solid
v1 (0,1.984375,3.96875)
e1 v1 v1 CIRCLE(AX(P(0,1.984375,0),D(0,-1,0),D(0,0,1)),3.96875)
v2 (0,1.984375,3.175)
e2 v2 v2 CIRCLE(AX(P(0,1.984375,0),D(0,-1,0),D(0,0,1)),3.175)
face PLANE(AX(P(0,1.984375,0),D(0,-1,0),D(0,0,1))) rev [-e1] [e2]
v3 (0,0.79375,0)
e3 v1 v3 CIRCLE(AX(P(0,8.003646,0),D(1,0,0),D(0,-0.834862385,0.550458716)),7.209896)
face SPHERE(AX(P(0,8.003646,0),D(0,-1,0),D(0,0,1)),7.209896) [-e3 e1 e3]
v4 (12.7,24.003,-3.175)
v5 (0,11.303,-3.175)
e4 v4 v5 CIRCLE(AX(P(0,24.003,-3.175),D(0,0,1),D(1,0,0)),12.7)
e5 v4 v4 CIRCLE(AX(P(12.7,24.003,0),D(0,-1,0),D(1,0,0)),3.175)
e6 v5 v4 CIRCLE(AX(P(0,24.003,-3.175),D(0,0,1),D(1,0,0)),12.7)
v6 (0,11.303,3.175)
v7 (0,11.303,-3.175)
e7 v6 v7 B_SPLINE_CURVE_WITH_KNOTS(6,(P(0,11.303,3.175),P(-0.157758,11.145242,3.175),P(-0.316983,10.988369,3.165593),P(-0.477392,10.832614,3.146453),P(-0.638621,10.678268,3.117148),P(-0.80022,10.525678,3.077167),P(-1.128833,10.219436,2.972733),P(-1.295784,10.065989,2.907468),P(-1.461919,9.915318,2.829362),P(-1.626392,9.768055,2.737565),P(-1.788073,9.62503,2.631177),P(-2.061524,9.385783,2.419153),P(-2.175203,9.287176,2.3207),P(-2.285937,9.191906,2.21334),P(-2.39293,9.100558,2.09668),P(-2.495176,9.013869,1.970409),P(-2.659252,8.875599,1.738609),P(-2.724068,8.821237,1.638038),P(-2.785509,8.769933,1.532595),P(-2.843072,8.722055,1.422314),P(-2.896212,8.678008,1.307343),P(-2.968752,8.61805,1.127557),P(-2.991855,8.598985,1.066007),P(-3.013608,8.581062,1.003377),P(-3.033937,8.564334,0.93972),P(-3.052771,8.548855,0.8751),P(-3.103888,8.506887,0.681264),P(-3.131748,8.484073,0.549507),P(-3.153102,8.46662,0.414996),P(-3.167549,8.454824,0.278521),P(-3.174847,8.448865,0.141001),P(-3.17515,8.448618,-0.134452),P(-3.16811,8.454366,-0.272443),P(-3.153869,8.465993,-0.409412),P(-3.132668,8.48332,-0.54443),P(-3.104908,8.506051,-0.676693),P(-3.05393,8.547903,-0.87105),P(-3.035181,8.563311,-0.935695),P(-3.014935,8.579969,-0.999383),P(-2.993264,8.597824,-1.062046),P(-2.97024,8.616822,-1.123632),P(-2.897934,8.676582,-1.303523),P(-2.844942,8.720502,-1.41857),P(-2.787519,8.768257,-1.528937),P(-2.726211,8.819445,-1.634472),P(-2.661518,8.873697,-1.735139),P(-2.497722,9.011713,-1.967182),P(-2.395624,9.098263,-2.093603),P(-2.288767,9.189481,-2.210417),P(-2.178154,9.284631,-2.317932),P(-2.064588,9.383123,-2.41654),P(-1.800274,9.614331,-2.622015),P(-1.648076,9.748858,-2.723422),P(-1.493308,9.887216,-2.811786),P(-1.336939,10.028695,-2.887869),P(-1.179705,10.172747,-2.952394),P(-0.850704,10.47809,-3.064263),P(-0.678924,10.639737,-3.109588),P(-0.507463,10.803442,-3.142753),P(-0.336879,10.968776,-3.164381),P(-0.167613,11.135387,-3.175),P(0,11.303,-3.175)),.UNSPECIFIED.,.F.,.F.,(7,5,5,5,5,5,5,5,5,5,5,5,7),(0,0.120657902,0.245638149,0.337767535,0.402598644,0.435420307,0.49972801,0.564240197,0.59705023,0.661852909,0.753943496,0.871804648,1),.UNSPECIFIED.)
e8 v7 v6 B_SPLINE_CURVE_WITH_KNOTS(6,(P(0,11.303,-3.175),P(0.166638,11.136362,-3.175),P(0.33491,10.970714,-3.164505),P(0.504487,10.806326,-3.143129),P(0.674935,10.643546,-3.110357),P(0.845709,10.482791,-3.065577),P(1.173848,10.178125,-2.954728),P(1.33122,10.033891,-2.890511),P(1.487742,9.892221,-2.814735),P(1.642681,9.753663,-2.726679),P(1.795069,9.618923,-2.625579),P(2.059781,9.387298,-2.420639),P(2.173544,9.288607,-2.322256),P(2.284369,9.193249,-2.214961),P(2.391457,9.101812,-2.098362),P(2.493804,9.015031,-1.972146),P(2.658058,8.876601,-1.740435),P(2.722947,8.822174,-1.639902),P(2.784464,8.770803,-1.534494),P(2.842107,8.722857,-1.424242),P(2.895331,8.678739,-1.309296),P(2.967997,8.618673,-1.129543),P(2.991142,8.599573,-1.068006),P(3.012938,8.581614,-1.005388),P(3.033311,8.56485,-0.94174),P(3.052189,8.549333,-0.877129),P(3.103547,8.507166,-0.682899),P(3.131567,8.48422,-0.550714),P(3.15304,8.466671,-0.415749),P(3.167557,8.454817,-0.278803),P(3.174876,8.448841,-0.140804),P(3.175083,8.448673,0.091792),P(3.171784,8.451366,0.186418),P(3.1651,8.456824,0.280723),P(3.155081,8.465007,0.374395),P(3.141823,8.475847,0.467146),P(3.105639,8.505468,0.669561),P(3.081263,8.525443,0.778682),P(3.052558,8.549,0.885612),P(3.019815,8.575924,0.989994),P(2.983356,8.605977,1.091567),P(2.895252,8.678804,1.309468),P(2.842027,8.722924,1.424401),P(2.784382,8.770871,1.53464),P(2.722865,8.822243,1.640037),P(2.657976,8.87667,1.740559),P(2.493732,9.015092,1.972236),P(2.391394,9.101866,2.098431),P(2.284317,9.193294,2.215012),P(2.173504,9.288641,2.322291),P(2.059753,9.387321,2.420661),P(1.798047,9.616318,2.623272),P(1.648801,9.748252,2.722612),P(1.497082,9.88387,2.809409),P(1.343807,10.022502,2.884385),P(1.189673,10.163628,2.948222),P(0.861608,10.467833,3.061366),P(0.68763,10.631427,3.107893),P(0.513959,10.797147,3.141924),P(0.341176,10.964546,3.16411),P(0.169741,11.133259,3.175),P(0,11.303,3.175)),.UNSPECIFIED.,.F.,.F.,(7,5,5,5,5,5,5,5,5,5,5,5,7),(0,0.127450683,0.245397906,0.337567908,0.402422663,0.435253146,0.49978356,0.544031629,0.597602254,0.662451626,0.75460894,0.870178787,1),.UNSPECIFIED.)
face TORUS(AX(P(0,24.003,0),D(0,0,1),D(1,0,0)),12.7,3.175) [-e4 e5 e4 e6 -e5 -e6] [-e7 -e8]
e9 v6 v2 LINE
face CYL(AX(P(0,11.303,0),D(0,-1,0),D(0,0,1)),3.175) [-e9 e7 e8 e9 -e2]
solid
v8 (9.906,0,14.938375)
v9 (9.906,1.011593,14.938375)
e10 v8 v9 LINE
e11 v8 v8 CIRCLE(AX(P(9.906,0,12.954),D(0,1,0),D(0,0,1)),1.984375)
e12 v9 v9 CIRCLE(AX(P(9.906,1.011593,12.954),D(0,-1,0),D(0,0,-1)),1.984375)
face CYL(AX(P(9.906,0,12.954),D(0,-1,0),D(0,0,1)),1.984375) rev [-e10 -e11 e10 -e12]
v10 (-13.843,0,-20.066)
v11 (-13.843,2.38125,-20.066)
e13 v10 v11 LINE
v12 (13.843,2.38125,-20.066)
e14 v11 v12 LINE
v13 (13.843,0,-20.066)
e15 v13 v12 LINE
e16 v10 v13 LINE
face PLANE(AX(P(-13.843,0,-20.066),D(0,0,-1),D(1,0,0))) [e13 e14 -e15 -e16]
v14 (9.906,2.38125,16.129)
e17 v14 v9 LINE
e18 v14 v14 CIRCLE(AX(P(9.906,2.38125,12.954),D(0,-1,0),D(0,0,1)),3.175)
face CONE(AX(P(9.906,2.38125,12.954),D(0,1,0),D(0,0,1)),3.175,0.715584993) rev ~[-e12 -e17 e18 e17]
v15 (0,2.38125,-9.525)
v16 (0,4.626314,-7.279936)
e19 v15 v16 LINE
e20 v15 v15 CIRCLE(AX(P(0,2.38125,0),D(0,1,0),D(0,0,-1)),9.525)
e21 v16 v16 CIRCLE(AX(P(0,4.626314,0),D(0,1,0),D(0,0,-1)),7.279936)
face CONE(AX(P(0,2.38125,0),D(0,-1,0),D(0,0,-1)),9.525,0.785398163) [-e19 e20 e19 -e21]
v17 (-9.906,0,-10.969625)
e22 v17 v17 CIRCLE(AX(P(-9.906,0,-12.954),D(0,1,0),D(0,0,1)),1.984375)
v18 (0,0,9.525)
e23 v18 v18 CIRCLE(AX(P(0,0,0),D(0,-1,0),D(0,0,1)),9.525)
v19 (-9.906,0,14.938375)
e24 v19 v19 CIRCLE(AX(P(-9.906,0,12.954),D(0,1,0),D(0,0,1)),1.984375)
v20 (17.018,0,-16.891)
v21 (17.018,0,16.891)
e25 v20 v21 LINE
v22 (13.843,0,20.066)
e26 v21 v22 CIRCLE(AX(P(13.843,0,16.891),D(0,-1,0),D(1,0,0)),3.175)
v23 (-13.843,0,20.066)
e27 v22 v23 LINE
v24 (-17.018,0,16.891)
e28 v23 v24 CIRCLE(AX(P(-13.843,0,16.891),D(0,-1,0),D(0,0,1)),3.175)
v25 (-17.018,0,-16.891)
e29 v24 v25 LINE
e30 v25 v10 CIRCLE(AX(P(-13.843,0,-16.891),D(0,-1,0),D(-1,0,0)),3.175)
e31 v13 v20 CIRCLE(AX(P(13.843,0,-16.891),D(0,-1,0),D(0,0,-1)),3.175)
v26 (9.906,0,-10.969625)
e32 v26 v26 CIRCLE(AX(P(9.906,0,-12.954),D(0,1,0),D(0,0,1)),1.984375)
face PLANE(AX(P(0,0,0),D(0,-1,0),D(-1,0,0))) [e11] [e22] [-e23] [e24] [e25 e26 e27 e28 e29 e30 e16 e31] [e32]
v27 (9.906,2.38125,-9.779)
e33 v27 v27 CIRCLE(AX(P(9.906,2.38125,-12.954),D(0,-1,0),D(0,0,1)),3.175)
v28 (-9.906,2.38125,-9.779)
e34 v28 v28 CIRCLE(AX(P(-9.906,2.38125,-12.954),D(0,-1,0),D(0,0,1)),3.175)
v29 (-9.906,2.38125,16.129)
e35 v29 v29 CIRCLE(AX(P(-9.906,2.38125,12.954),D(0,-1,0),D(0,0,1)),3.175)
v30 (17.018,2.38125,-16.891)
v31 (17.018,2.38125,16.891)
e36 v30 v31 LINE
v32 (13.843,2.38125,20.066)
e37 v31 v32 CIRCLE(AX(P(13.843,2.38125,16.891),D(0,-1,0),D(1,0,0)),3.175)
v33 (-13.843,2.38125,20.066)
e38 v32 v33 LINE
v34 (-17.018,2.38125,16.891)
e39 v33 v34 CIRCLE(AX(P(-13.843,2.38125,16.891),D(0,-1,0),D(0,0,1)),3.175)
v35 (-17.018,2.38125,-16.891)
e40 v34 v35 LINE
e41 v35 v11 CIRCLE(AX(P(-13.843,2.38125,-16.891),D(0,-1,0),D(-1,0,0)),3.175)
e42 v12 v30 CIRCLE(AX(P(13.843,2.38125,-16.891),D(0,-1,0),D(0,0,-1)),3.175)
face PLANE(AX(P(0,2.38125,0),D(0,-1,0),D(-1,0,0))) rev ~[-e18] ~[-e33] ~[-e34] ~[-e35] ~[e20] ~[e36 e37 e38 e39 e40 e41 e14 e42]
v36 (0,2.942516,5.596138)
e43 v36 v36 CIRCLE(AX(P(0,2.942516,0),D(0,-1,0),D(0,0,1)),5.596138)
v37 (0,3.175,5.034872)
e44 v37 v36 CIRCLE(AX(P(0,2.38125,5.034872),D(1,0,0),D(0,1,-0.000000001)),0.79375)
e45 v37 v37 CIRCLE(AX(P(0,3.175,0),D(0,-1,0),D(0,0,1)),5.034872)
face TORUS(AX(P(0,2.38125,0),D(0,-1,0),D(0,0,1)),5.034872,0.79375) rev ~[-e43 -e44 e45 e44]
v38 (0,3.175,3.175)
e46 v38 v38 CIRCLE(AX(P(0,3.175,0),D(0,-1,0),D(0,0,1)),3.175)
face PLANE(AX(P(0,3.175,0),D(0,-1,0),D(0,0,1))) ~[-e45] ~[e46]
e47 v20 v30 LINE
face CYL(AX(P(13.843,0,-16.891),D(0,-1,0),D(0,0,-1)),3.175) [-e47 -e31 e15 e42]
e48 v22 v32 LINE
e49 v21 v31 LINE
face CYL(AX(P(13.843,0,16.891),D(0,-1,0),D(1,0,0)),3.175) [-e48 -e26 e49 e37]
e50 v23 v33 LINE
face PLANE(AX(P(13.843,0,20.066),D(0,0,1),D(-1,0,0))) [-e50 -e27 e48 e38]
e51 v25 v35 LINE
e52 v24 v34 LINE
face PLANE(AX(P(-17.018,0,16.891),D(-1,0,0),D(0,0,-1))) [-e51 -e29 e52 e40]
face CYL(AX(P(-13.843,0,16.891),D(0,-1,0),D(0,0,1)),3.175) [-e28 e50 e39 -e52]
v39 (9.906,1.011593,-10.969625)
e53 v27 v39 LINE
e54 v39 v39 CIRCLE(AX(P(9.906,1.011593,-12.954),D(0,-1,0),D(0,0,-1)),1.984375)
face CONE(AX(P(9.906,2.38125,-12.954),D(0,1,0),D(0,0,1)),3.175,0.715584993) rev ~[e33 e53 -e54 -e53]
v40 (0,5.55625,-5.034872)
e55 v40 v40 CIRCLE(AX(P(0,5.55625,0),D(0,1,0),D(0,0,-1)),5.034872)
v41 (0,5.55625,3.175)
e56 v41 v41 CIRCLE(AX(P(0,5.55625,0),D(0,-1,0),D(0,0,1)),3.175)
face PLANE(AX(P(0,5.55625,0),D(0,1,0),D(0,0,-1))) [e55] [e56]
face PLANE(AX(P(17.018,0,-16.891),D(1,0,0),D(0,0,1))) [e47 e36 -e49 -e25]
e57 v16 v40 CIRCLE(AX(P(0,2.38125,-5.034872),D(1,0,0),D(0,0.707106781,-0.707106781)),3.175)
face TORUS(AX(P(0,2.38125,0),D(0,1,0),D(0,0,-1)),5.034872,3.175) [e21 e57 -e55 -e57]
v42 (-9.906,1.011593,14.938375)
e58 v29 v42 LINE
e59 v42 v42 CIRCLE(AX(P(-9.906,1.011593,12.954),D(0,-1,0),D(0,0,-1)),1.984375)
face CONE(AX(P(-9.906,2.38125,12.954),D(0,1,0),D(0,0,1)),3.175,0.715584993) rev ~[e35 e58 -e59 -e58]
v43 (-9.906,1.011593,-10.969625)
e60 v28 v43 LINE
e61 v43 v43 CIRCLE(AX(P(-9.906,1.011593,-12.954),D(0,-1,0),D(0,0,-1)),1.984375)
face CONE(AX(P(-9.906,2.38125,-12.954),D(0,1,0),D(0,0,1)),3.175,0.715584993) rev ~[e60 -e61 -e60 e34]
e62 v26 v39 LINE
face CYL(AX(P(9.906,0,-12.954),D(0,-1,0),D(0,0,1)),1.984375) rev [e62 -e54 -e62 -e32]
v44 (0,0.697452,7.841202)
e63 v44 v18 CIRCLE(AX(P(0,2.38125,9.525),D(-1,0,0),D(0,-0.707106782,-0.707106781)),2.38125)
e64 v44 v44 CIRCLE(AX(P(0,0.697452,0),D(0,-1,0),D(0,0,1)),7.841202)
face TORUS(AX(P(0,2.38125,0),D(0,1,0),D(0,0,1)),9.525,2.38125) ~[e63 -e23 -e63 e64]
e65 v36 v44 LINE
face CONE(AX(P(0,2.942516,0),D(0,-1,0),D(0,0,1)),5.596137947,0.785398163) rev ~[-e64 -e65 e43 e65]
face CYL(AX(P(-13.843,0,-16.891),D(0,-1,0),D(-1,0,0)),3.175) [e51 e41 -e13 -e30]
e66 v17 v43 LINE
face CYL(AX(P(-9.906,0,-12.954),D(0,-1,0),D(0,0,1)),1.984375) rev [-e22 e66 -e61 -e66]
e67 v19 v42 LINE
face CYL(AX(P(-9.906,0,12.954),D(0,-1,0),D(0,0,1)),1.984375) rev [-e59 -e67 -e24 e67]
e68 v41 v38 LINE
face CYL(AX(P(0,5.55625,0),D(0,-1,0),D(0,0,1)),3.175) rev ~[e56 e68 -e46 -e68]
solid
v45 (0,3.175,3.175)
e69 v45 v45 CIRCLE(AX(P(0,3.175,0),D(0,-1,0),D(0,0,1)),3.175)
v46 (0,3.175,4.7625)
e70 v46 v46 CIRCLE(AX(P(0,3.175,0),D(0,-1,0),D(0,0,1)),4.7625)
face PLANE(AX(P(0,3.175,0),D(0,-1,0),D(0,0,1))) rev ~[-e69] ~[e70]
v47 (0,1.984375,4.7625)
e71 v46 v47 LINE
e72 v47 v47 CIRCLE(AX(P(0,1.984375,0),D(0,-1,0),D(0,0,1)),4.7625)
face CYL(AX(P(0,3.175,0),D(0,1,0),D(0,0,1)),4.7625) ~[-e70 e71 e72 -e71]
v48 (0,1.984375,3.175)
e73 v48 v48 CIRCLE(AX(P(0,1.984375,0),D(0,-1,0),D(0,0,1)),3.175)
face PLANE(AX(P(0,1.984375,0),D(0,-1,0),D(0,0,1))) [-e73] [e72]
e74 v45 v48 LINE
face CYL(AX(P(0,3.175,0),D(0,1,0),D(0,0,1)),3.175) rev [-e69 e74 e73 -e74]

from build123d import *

# Parameters (mm, degrees)
BOSS_EXTRUDE1_DEPTH = 2.38125
CUT_EXTRUDE1_REACH  = 28.418
SKETCH2_R           = 1.984375
SKETCH6_R           = 4.7625
SKETCH6_R_2         = 3.175
BOSS_EXTRUDE2_DEPTH = 1.190625
SKETCH9_R           = 3.175


with BuildPart() as part:
    # Sketch1 → Boss-Extrude1 (new body)
    with BuildSketch(Plane(origin=(0, 0, 0), x_dir=(1, 0, 0), z_dir=(0, 1, 0))):
        with BuildLine():
            Line((-13.843, 20.066), (13.843, 20.066))
            ThreePointArc((13.843, 20.066), (16.08806403, 19.13606403), (17.018, 16.891))
            Line((17.018, 16.891), (17.018, -16.891))
            ThreePointArc((17.018, -16.891), (16.08806403, -19.13606403), (13.843, -20.066))
            Line((13.843, -20.066), (-13.843, -20.066))
            ThreePointArc((-13.843, -20.066), (-16.08806403, -19.13606403), (-17.018, -16.891))
            Line((-17.018, -16.891), (-17.018, 16.891))
            ThreePointArc((-17.018, 16.891), (-16.08806403, 19.13606403), (-13.843, 20.066))
        make_face()
    extrude(amount=BOSS_EXTRUDE1_DEPTH)

    # Sketch2 → Cut-Extrude1 (cut, up to next)
    with BuildSketch(Plane(origin=(0, 0, 0), x_dir=(1, 0, 0), z_dir=(0, 1, 0)), mode=Mode.PRIVATE) as cut_extrude1_sk1:
        with Locations(Location((-9.906, 12.954, 0), (0, 0, 270))):
            Circle(SKETCH2_R)
    cut_extrude1_tool1 = extrude(cut_extrude1_sk1.sketch, amount=CUT_EXTRUDE1_REACH, mode=Mode.PRIVATE) & part.part
    # Sketch2 → Cut-Extrude1 (cut, up to next)
    with BuildSketch(Plane(origin=(0, 0, 0), x_dir=(1, 0, 0), z_dir=(0, 1, 0)), mode=Mode.PRIVATE) as cut_extrude1_sk2:
        with Locations(Location((9.906, 12.954, 0), (0, 0, 270))):
            Circle(SKETCH2_R)
    cut_extrude1_tool2 = extrude(cut_extrude1_sk2.sketch, amount=CUT_EXTRUDE1_REACH, mode=Mode.PRIVATE) & part.part
    # Sketch2 → Cut-Extrude1 (cut, up to next)
    with BuildSketch(Plane(origin=(0, 0, 0), x_dir=(1, 0, 0), z_dir=(0, 1, 0)), mode=Mode.PRIVATE) as cut_extrude1_sk3:
        with Locations(Location((9.906, -12.954, 0), (0, 0, 270))):
            Circle(SKETCH2_R)
    cut_extrude1_tool3 = extrude(cut_extrude1_sk3.sketch, amount=CUT_EXTRUDE1_REACH, mode=Mode.PRIVATE) & part.part
    # Sketch2 → Cut-Extrude1 (cut, up to next)
    with BuildSketch(Plane(origin=(0, 0, 0), x_dir=(1, 0, 0), z_dir=(0, 1, 0)), mode=Mode.PRIVATE) as cut_extrude1_sk4:
        with Locations(Location((-9.906, -12.954, 0), (0, 0, 270))):
            Circle(SKETCH2_R)
    cut_extrude1_tool4 = extrude(cut_extrude1_sk4.sketch, amount=CUT_EXTRUDE1_REACH, mode=Mode.PRIVATE) & part.part
    add(cut_extrude1_tool1.solids().sort_by_distance((-9.906, 0, -12.954))[0], mode=Mode.SUBTRACT)
    add(cut_extrude1_tool2.solids().sort_by_distance((9.906, 0, -12.954))[0], mode=Mode.SUBTRACT)
    add(cut_extrude1_tool3.solids().sort_by_distance((9.906, 0, 12.954))[0], mode=Mode.SUBTRACT)
    add(cut_extrude1_tool4.solids().sort_by_distance((-9.906, 0, 12.954))[0], mode=Mode.SUBTRACT)

    # Cut-Extrude2 cone 1 section (through the dimple's axis) → Cut-Extrude2 (revolve, cut)
    with BuildSketch(Plane(origin=(-9.906, 2.38125, -12.954), x_dir=(0, 0, 1), z_dir=(1, 0, 0))):
        Polygon((0, 0), (3.175, 0), (0, 3.652419693), align=None)
    revolve(axis=Axis((-9.906, 2.38125, -12.954), (0, -1, 0)), mode=Mode.SUBTRACT)

    # Cut-Extrude2 cone 2 section (through the dimple's axis) → Cut-Extrude2 cone 2 (revolve, cut)
    with BuildSketch(Plane(origin=(9.906, 2.38125, -12.954), x_dir=(0, 0, 1), z_dir=(1, 0, 0))):
        Polygon((0, 0), (3.175, 0), (0, 3.652419693), align=None)
    revolve(axis=Axis((9.906, 2.38125, -12.954), (0, -1, 0)), mode=Mode.SUBTRACT)

    # Cut-Extrude2 cone 3 section (through the dimple's axis) → Cut-Extrude2 cone 3 (revolve, cut)
    with BuildSketch(Plane(origin=(9.906, 2.38125, 12.954), x_dir=(0, 0, 1), z_dir=(1, 0, 0))):
        Polygon((0, 0), (3.175, 0), (0, 3.652419693), align=None)
    revolve(axis=Axis((9.906, 2.38125, 12.954), (0, -1, 0)), mode=Mode.SUBTRACT)

    # Cut-Extrude2 cone 4 section (through the dimple's axis) → Cut-Extrude2 cone 4 (revolve, cut)
    with BuildSketch(Plane(origin=(-9.906, 2.38125, 12.954), x_dir=(0, 0, 1), z_dir=(1, 0, 0))):
        Polygon((0, 0), (3.175, 0), (0, 3.652419693), align=None)
    revolve(axis=Axis((-9.906, 2.38125, 12.954), (0, -1, 0)), mode=Mode.SUBTRACT)

    # Sketch4 → Revolve1 (revolve)
    with BuildSketch(Plane.XY, mode=Mode.PRIVATE) as revolve1_sk:
        with BuildLine():
            Line((-9.525, 2.38125), (-7.27993597, 4.62631403))
            ThreePointArc((-7.27993597, 4.62631403), (-6.249891837, 5.314567516), (-5.034871939, 5.55625))
            Line((-5.034871939, 5.55625), (0, 5.55625))
            Line((0, 5.55625), (0, 2.38125))
            Line((0, 2.38125), (-9.525, 2.38125))
        make_face()
    revolve(revolve1_sk.sketch.rotate(Axis((0, 0, 0), (0, 1, 0)), 270), axis=Axis((0, 0, 0), (0, 1, 0)))

    # Sketch5 → Cut-Revolve1 (revolve, cut)
    with BuildSketch(Plane.XY, mode=Mode.PRIVATE) as cut_revolve1_sk:
        with BuildLine():
            Line((0, 5.55625), (-3.175, 5.55625))
            Line((-3.175, 5.55625), (-3.175, 3.175))
            Line((-3.175, 3.175), (-5.034871939, 3.175))
            ThreePointArc((-5.034871939, 3.175), (-5.338626914, 3.114579379), (-5.596137947, 2.942516008))
            Line((-5.596137947, 2.942516008), (-7.841201977, 0.697451977))
            ThreePointArc((-7.841201977, 0.697451977), (-8.613735077, 0.181261863), (-9.525, 0))
            Line((-9.525, 0), (0, 0))
            Line((0, 0), (0, 5.55625))
        make_face()
    revolve(cut_revolve1_sk.sketch.rotate(Axis((0, 39.878, 0), (0, -1, 0)), 270), axis=Axis((0, 39.878, 0), (0, -1, 0)), mode=Mode.SUBTRACT)


with BuildPart() as body_2:
    # Sketch6 → Boss-Extrude2 (new body)
    with BuildSketch(Plane.XZ.offset(-3.175)):
        with Locations(Location((0, 0, 0), (0, 0, 90))):
            Circle(SKETCH6_R)
        with Locations(Location((0, 0, 0), (0, 0, 90))):
            Circle(SKETCH6_R_2, mode=Mode.SUBTRACT)
    extrude(amount=BOSS_EXTRUDE2_DEPTH)


with BuildPart() as body_3:
    # Sketch7 → Revolve2 (revolve)
    with BuildSketch(Plane.XY, mode=Mode.PRIVATE) as revolve2_sk:
        with BuildLine():
            Line((-3.175, 11.303), (-3.175, 1.984375))
            Line((-3.175, 1.984375), (-3.96875, 1.984375))
            ThreePointArc((-3.96875, 1.984375), (-2.071748323, 1.09781809), (0, 0.79375))
            Line((0, 0.79375), (0, 11.303))
            Line((0, 11.303), (-3.175, 11.303))
        make_face()
    revolve(revolve2_sk.sketch.rotate(Axis((0, 39.878, 0), (0, -1, 0)), 270), axis=Axis((0, 39.878, 0), (0, -1, 0)))

    # Sweep1: sweep along a path in Sketch8
    with BuildLine(Plane.XY) as sweep1_path:
        CenterArc((0, 24.003), 12.7, 0, 360)
    # Sketch9 → Sweep1 (sweep)
    with BuildSketch(Plane(origin=(0, 0, 0), x_dir=(0, 0, -1), z_dir=(1, 0, 0))):
        with Locations((0, 36.703)):
            Circle(SKETCH9_R)
    sweep(path=sweep1_path.line)


solid = Compound([part.part, body_2.part, body_3.part])
